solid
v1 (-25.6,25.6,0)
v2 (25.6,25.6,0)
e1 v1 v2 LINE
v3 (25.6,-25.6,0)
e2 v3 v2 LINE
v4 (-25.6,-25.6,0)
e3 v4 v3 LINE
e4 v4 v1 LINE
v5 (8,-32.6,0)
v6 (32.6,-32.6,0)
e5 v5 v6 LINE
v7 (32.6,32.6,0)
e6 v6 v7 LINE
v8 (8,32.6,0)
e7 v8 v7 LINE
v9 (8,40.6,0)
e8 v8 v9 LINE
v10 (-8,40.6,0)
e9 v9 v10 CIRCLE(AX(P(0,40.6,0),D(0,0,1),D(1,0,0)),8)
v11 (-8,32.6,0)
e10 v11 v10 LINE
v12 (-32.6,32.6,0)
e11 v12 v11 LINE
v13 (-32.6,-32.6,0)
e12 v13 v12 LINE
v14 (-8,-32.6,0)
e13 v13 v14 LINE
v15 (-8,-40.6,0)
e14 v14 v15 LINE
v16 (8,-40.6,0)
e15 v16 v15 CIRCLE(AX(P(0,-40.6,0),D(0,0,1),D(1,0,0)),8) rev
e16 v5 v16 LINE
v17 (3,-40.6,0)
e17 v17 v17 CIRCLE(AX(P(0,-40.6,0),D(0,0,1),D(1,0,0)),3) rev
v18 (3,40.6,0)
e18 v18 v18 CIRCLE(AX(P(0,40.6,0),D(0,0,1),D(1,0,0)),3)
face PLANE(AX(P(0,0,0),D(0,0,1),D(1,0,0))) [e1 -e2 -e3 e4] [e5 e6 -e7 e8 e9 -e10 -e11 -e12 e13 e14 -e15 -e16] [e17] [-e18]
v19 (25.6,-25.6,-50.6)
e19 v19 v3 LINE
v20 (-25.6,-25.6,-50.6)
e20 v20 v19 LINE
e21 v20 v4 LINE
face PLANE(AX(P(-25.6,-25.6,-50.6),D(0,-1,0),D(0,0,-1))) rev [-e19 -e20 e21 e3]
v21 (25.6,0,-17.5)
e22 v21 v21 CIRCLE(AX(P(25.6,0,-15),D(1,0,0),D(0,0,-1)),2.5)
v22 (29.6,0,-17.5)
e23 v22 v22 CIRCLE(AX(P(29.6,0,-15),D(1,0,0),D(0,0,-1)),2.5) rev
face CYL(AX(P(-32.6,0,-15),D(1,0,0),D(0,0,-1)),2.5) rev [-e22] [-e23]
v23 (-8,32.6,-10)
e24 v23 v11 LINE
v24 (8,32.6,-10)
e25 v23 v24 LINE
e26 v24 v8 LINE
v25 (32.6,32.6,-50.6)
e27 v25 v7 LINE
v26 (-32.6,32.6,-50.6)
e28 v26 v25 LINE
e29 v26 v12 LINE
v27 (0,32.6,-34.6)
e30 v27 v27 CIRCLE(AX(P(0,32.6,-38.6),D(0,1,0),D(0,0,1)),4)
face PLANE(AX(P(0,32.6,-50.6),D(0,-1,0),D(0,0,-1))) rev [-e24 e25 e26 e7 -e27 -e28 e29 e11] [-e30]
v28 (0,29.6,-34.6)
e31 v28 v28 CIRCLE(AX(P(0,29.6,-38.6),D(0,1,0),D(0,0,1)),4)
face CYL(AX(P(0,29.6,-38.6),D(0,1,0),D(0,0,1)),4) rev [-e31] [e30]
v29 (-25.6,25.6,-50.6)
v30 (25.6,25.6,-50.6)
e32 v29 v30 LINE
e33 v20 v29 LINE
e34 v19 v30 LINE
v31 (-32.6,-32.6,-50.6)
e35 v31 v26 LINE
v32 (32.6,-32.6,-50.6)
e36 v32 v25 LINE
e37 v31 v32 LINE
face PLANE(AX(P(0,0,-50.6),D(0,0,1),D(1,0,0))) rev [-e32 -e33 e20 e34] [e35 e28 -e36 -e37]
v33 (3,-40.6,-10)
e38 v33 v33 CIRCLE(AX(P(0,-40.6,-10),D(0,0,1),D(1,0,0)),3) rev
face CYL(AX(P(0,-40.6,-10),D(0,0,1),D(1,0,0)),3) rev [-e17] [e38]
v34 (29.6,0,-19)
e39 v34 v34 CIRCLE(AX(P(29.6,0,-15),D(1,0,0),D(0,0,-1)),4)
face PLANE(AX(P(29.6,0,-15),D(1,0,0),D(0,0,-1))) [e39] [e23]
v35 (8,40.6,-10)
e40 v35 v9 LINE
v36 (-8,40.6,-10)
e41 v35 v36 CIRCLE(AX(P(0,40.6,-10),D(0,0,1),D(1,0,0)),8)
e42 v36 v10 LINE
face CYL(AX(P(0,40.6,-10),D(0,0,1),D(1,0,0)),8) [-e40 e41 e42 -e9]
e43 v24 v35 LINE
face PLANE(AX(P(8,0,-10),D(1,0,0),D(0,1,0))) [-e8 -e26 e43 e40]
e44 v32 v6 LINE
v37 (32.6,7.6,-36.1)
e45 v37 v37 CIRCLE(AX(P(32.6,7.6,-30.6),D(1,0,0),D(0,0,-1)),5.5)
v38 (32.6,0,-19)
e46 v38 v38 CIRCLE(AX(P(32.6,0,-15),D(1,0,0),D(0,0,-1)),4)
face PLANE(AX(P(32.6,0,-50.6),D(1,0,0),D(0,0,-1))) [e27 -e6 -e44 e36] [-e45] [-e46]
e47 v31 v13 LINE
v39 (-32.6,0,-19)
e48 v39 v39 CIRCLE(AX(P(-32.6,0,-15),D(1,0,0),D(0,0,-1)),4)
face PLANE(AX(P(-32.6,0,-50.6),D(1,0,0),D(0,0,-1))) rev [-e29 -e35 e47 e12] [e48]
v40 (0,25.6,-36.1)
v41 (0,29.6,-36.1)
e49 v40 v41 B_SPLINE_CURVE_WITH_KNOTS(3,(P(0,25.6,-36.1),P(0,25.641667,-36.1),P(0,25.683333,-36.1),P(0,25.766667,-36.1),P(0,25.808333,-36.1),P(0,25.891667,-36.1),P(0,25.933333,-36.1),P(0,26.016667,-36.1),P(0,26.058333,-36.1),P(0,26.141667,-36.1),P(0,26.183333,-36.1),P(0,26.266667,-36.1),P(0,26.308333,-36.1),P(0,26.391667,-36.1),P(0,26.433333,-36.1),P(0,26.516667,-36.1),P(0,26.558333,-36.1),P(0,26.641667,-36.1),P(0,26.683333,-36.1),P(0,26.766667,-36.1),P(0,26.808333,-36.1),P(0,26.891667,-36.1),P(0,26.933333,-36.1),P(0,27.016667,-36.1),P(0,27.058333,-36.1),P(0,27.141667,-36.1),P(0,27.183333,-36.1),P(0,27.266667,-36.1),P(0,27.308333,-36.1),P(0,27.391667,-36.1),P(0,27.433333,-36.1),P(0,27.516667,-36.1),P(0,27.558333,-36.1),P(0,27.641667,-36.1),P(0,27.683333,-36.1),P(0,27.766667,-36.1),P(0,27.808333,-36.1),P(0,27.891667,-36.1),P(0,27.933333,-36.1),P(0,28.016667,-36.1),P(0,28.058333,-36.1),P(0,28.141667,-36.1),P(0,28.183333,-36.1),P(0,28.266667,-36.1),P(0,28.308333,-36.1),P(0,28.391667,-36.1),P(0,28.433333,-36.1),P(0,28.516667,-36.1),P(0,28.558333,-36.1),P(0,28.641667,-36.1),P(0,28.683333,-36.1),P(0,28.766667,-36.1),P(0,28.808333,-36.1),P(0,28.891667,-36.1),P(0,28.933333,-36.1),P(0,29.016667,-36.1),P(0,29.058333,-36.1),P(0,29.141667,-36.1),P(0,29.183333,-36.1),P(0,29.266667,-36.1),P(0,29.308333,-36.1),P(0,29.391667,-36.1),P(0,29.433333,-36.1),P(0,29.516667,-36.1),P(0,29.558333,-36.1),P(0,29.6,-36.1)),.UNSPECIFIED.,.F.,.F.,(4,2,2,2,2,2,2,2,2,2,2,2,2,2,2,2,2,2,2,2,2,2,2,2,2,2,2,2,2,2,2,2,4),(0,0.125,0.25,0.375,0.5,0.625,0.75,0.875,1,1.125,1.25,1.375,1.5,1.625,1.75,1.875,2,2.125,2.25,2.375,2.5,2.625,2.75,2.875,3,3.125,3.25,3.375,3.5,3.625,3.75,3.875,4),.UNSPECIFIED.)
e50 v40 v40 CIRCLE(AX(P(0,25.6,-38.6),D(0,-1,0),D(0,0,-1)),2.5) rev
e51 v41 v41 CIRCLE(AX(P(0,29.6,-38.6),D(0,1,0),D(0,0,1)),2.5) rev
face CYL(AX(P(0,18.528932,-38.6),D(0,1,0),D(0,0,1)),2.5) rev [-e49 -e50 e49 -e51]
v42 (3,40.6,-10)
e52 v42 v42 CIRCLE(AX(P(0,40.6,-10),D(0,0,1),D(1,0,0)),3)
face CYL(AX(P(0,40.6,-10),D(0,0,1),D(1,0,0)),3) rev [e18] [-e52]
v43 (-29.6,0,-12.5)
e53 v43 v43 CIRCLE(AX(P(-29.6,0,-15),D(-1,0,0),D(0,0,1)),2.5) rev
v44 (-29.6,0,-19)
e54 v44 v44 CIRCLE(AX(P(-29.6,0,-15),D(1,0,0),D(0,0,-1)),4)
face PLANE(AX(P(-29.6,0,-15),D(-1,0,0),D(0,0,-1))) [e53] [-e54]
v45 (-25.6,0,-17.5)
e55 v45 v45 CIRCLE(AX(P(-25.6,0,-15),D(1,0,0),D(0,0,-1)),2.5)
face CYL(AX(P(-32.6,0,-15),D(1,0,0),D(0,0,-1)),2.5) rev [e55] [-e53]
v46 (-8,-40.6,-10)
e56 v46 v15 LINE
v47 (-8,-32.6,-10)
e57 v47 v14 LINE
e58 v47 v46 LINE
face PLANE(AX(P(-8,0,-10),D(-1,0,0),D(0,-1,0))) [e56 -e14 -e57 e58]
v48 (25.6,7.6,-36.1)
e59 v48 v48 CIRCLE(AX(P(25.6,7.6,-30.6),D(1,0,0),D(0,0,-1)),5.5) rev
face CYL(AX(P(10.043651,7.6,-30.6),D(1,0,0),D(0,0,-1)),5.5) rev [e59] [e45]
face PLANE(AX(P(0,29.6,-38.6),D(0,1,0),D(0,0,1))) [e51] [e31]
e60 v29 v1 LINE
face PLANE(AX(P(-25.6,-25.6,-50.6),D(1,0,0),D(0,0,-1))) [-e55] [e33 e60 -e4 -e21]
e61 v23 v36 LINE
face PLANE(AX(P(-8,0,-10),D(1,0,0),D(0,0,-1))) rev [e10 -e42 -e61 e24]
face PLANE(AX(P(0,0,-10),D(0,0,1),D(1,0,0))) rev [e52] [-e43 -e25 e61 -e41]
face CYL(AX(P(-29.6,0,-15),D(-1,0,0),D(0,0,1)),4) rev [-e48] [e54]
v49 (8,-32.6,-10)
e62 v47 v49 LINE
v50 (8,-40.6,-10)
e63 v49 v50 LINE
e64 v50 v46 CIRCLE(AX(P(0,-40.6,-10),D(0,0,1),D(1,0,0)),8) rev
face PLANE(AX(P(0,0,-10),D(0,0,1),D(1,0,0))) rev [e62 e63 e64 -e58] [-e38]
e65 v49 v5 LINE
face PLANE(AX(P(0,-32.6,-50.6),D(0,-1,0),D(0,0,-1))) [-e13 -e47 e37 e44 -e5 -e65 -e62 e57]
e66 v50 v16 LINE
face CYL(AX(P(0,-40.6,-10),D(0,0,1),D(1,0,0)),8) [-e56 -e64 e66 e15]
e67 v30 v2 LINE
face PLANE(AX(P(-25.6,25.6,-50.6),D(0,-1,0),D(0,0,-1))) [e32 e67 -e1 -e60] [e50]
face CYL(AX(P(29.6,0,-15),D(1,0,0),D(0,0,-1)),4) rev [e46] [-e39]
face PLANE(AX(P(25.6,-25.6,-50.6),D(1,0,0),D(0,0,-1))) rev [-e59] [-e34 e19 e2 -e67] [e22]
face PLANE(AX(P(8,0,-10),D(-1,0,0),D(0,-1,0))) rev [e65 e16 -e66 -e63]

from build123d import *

# Parameters (mm, degrees)
ESBO_O1_W                = 51.2
ESBO_O1_H                = 51.2
RESSALTO_EXTRUS_O1_DEPTH = 50.6
ESBO_O1_3_R              = 3
RESSALTO_EXTRUS_O2_DEPTH = 10
ESBO_O3_R                = 5.5
CORTE_EXTRUS_O2_DEPTH    = 7
ESBO_O4_R                = 2.5
CORTE_EXTRUS_O3_DEPTH    = 96.77765919
ESBO_O5_R                = 4
CORTE_EXTRUS_O4_DEPTH    = 3
ESBO_O6_R                = 2.5
CORTE_EXTRUS_O5_DEPTH    = 7
ESBO_O7_R                = 4
CORTE_EXTRUS_O6_DEPTH    = 3


with BuildPart() as part:
    # Esboço1 → Ressalto-extrusão1 (new body)
    with BuildSketch(Plane.XY):
        Polygon((-8, 32.6), (-32.6, 32.6), (-32.6, -32.6), (-8, -32.6), (8, -32.6), (32.6, -32.6), (32.6, 32.6), (8, 32.6), align=None)
        Rectangle(ESBO_O1_W, ESBO_O1_H, mode=Mode.SUBTRACT)
    extrude(amount=-RESSALTO_EXTRUS_O1_DEPTH)

    # Esboço1<3> → Ressalto-extrusão2 (add)
    # profile 1 of 2: a face of its own
    with BuildSketch(Plane.XY):
        with BuildLine():
            Line((8, 32.6), (8, 40.6))
            ThreePointArc((8, 40.6), (0, 48.6), (-8, 40.6))
            Line((-8, 40.6), (-8, 32.6))
            Line((-8, 32.6), (8, 32.6))
        make_face()
        with Locations((0, 40.6)):
            Circle(ESBO_O1_3_R, mode=Mode.SUBTRACT)
    # profile 2 of 2: a face of its own
    with BuildSketch(Plane.XY):
        with BuildLine():
            ThreePointArc((8, -40.6), (0, -48.6), (-8, -40.6))
            Line((-8, -40.6), (-8, -32.6))
            Line((-8, -32.6), (8, -32.6))
            Line((8, -32.6), (8, -40.6))
        make_face()
        with Locations((0, -40.6)):
            Circle(ESBO_O1_3_R, mode=Mode.SUBTRACT)
    extrude(amount=-RESSALTO_EXTRUS_O2_DEPTH)

    # Esboço3 → Corte-extrusão2 (cut)
    with BuildSketch(Plane(origin=(32.6, 0, 0), x_dir=(0, 0, -1), z_dir=(1, 0, 0))):
        with Locations((30.6, 7.6)):
            Circle(ESBO_O3_R)
    extrude(amount=-CORTE_EXTRUS_O2_DEPTH, mode=Mode.SUBTRACT)

    # Esboço4 → Corte-extrusão3 (cut, through all)
    with BuildSketch(Plane(origin=(32.6, 0, 0), x_dir=(0, 0, -1), z_dir=(1, 0, 0))):
        with Locations((15, 0)):
            Circle(ESBO_O4_R)
    extrude(amount=-CORTE_EXTRUS_O3_DEPTH, mode=Mode.SUBTRACT)

    # Esboço5 → Corte-extrusão4 (cut)
    with BuildSketch(Plane(origin=(32.6, 0, 0), x_dir=(0, 0, -1), z_dir=(1, 0, 0))):
        with Locations((15, 0)):
            Circle(ESBO_O5_R)
    corte_extrus_o4 = extrude(amount=-CORTE_EXTRUS_O4_DEPTH, mode=Mode.SUBTRACT)

    # Espelhar1: Corte-extrusão4 across plane
    add(corte_extrus_o4.mirror(Plane(origin=(0, 0, 0), x_dir=(0, 0, 1), z_dir=(1, 0, 0))), mode=Mode.SUBTRACT)

    # Esboço6 → Corte-extrusão5 (cut)
    with BuildSketch(Plane(origin=(0, 32.6, 0), x_dir=(1, 0, 0), z_dir=(0, 1, 0))):
        with Locations(Location((0, 38.6, 0), (0, 0, 270))):
            Circle(ESBO_O6_R)
    extrude(amount=-CORTE_EXTRUS_O5_DEPTH, mode=Mode.SUBTRACT)

    # Esboço7 → Corte-extrusão6 (cut)
    with BuildSketch(Plane(origin=(0, 32.6, 0), x_dir=(1, 0, 0), z_dir=(0, 1, 0))):
        with Locations(Location((0, 38.6, 0), (0, 0, 270))):
            Circle(ESBO_O7_R)
    extrude(amount=-CORTE_EXTRUS_O6_DEPTH, mode=Mode.SUBTRACT)


solid = part.part
